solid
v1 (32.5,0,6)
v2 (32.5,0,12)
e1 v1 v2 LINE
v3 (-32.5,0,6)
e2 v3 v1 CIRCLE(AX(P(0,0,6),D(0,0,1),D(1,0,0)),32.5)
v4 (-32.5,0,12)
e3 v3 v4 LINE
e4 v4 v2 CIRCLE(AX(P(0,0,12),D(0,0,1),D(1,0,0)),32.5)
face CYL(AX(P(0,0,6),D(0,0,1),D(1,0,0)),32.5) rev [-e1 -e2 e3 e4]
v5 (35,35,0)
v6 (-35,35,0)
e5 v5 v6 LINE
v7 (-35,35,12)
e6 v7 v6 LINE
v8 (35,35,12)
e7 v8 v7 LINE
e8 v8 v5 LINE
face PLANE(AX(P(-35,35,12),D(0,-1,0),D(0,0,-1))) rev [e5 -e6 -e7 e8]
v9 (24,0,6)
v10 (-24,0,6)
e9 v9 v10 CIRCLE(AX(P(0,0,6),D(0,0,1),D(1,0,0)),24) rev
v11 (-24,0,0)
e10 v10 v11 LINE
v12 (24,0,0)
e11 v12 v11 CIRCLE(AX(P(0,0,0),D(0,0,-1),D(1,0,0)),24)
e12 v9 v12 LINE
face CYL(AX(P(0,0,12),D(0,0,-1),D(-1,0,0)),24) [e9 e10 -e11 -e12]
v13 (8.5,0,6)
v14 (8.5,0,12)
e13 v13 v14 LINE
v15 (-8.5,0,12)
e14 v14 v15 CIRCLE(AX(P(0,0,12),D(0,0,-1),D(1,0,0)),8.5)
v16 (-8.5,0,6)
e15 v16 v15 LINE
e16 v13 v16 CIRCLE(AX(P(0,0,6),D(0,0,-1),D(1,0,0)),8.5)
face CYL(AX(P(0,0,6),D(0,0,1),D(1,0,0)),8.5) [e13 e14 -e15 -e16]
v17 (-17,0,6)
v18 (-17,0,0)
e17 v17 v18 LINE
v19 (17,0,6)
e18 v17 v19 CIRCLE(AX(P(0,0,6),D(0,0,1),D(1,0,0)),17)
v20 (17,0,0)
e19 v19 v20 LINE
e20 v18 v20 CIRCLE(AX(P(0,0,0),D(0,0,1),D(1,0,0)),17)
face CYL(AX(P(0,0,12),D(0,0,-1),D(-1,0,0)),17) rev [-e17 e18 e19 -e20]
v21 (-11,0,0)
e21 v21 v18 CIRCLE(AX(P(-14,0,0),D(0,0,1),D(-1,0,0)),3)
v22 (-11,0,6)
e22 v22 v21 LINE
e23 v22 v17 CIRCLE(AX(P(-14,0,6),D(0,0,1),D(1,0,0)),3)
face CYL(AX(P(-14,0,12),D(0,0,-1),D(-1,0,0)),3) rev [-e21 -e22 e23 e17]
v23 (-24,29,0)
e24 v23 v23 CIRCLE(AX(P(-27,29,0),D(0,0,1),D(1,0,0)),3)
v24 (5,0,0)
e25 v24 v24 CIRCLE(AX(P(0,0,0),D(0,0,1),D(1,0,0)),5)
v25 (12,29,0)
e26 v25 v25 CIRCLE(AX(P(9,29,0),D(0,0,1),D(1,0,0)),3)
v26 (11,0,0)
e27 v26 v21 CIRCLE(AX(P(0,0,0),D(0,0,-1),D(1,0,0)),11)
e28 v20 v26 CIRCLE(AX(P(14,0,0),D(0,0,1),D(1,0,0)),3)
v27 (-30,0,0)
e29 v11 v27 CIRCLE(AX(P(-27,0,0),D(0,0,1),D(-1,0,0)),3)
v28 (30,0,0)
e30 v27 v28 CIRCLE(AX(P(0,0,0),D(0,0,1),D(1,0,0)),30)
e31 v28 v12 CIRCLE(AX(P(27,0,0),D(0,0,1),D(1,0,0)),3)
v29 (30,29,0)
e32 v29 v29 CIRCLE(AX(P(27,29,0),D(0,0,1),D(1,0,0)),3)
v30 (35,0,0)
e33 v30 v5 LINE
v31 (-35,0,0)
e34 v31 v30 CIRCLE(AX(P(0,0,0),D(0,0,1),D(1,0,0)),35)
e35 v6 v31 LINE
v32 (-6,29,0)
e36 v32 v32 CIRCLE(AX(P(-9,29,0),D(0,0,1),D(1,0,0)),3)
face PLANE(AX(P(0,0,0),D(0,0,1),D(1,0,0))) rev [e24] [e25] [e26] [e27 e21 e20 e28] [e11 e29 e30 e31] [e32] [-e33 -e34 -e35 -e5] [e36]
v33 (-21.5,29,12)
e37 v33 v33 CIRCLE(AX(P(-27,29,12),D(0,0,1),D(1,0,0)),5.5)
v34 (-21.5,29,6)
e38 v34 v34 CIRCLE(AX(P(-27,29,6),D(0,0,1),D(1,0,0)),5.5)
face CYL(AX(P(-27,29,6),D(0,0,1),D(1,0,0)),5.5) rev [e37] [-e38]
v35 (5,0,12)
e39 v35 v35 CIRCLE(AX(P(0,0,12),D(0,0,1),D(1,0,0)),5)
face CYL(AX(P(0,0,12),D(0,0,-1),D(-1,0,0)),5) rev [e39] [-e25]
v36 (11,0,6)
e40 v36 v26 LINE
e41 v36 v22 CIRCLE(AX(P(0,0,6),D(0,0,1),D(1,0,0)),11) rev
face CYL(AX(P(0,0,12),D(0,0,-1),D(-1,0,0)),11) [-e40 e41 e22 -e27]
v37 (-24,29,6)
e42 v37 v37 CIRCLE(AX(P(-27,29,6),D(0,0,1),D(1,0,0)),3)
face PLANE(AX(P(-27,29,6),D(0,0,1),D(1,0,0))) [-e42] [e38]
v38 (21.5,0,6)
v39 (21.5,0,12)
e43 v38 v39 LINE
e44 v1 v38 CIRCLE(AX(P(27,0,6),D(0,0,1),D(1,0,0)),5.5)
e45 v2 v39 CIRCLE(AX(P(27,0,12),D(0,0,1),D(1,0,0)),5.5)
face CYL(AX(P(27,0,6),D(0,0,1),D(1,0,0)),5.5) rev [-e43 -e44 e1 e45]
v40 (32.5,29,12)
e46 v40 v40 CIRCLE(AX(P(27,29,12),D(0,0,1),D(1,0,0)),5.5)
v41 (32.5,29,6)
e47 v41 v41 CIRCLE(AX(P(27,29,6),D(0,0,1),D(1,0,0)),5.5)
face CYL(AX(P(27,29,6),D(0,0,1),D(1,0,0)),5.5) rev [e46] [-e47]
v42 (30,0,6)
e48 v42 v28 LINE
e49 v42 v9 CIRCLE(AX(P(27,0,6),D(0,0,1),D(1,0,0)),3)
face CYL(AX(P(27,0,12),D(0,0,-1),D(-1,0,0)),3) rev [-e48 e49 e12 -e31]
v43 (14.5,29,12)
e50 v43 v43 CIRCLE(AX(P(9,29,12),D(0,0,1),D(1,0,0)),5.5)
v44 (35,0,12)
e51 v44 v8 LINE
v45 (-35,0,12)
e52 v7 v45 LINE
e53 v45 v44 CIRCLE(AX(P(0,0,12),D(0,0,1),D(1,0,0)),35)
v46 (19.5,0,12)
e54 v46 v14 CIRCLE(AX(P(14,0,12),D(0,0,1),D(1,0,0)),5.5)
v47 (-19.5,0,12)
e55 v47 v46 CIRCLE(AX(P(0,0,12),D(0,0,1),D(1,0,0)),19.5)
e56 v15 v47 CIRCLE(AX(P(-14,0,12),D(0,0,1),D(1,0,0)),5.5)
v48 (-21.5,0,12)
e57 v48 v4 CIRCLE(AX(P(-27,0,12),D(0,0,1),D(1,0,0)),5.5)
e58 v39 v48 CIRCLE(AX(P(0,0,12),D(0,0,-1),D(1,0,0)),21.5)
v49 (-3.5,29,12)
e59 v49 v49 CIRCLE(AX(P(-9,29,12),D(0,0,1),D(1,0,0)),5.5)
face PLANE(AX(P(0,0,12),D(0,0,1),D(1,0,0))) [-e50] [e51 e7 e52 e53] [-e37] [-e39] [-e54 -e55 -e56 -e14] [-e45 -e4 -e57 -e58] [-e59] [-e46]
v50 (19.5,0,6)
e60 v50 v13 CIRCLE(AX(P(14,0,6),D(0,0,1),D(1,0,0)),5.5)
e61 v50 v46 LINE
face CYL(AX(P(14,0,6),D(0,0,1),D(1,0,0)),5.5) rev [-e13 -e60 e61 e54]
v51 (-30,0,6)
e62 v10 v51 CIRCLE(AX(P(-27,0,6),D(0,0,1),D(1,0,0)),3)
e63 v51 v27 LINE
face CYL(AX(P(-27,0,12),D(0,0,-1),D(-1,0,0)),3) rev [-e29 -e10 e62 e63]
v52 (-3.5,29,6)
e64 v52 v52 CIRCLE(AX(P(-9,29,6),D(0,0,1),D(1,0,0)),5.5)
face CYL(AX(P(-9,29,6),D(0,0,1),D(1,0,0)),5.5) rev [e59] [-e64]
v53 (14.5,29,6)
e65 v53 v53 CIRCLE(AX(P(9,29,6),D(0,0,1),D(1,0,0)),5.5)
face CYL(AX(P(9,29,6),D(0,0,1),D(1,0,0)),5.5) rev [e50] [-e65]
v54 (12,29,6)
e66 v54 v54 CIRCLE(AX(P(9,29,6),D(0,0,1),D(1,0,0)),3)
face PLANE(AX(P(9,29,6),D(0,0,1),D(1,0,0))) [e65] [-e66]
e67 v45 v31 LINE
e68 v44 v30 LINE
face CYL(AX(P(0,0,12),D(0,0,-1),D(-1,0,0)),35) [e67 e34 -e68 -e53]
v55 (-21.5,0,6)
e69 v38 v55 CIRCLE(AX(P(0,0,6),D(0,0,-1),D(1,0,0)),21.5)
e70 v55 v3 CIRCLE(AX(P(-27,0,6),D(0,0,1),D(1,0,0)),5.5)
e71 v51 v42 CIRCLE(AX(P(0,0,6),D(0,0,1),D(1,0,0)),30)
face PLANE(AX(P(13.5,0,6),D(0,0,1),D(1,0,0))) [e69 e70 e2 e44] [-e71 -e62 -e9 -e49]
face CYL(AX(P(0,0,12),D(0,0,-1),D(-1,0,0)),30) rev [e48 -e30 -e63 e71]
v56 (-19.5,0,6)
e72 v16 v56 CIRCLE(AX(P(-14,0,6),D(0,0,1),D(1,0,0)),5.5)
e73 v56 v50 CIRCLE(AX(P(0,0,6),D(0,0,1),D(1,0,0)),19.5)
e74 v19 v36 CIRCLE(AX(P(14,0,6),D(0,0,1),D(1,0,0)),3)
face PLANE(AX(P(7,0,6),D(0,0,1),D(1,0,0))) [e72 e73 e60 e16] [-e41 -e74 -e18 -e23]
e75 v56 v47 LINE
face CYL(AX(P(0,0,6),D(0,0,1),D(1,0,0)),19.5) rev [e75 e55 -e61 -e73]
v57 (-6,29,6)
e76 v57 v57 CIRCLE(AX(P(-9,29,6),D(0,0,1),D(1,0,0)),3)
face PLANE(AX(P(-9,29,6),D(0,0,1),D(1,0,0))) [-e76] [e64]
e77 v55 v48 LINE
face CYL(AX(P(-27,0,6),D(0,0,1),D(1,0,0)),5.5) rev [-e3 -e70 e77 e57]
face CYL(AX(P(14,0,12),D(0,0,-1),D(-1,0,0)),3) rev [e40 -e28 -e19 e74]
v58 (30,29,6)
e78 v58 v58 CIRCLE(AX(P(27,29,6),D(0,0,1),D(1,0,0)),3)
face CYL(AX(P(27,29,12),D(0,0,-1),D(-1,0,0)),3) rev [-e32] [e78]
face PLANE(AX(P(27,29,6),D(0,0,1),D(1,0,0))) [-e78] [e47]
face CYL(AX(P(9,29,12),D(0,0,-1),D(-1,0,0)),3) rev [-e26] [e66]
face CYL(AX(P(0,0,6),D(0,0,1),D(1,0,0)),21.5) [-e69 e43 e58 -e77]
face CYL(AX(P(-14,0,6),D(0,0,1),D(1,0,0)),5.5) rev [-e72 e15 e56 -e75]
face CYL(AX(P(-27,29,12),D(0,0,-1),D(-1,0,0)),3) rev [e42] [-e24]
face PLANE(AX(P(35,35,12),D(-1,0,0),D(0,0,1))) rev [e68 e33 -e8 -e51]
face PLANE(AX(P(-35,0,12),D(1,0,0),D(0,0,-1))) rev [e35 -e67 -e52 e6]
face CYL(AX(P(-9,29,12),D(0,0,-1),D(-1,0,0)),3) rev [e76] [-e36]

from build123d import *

# Parameters (mm, degrees)
SKETCH_1_R          = 5
SKETCH_1_R_2        = 3
EXTRUDE_1_DEPTH     = 12
SKETCH_2_R          = 5.5
CUT_EXTRUDE_1_DEPTH = 6


with BuildPart() as part:
    # 草图1 → 凸台-拉伸1 (new body)
    with BuildSketch(Plane.XY):
        with BuildLine():
            Line((-35, 0), (-35, 35))
            Line((-35, 35), (35, 35))
            Line((35, 35), (35, 0))
            ThreePointArc((35, 0), (0, -35), (-35, 0))
        make_face()
        Circle(SKETCH_1_R, mode=Mode.SUBTRACT)
        with Locations((-27, 29)):
            Circle(SKETCH_1_R_2, mode=Mode.SUBTRACT)
        with Locations((-9, 29)):
            Circle(SKETCH_1_R_2, mode=Mode.SUBTRACT)
        with Locations((9, 29)):
            Circle(SKETCH_1_R_2, mode=Mode.SUBTRACT)
        with Locations((27, 29)):
            Circle(SKETCH_1_R_2, mode=Mode.SUBTRACT)
        with BuildLine():
            ThreePointArc((30, 0), (27, 3), (24, 0))
            ThreePointArc((24, 0), (0, -24), (-24, 0))
            ThreePointArc((-24, 0), (-27, 3), (-30, 0))
            ThreePointArc((-30, 0), (0, -30), (30, 0))
        make_face(mode=Mode.SUBTRACT)
        with BuildLine():
            ThreePointArc((17, 0), (14, 3), (11, 0))
            ThreePointArc((11, 0), (0, -11), (-11, 0))
            ThreePointArc((-11, 0), (-14, 3), (-17, 0))
            ThreePointArc((-17, 0), (0, -17), (17, 0))
        make_face(mode=Mode.SUBTRACT)
    extrude(amount=EXTRUDE_1_DEPTH)

    # 草图2 → 切除-拉伸1 (cut)
    with BuildSketch(Plane.XY.offset(12)):
        with Locations((-27, 29)):
            Circle(SKETCH_2_R)
        with Locations((-9, 29)):
            Circle(SKETCH_2_R)
        with Locations((9, 29)):
            Circle(SKETCH_2_R)
        with Locations((27, 29)):
            Circle(SKETCH_2_R)
        with BuildLine():
            ThreePointArc((32.5, 0), (27, 5.5), (21.5, 0))
            ThreePointArc((21.5, 0), (0, -21.5), (-21.5, 0))
            ThreePointArc((-21.5, 0), (-27, 5.5), (-32.5, 0))
            ThreePointArc((-32.5, 0), (0, -32.5), (32.5, 0))
        make_face()
        with BuildLine():
            ThreePointArc((19.5, 0), (14, 5.5), (8.5, 0))
            ThreePointArc((8.5, 0), (0, -8.5), (-8.5, 0))
            ThreePointArc((-8.5, 0), (-14, 5.5), (-19.5, 0))
            ThreePointArc((-19.5, 0), (0, -19.5), (19.5, 0))
        make_face()
    extrude(amount=-CUT_EXTRUDE_1_DEPTH, mode=Mode.SUBTRACT)


solid = part.part
